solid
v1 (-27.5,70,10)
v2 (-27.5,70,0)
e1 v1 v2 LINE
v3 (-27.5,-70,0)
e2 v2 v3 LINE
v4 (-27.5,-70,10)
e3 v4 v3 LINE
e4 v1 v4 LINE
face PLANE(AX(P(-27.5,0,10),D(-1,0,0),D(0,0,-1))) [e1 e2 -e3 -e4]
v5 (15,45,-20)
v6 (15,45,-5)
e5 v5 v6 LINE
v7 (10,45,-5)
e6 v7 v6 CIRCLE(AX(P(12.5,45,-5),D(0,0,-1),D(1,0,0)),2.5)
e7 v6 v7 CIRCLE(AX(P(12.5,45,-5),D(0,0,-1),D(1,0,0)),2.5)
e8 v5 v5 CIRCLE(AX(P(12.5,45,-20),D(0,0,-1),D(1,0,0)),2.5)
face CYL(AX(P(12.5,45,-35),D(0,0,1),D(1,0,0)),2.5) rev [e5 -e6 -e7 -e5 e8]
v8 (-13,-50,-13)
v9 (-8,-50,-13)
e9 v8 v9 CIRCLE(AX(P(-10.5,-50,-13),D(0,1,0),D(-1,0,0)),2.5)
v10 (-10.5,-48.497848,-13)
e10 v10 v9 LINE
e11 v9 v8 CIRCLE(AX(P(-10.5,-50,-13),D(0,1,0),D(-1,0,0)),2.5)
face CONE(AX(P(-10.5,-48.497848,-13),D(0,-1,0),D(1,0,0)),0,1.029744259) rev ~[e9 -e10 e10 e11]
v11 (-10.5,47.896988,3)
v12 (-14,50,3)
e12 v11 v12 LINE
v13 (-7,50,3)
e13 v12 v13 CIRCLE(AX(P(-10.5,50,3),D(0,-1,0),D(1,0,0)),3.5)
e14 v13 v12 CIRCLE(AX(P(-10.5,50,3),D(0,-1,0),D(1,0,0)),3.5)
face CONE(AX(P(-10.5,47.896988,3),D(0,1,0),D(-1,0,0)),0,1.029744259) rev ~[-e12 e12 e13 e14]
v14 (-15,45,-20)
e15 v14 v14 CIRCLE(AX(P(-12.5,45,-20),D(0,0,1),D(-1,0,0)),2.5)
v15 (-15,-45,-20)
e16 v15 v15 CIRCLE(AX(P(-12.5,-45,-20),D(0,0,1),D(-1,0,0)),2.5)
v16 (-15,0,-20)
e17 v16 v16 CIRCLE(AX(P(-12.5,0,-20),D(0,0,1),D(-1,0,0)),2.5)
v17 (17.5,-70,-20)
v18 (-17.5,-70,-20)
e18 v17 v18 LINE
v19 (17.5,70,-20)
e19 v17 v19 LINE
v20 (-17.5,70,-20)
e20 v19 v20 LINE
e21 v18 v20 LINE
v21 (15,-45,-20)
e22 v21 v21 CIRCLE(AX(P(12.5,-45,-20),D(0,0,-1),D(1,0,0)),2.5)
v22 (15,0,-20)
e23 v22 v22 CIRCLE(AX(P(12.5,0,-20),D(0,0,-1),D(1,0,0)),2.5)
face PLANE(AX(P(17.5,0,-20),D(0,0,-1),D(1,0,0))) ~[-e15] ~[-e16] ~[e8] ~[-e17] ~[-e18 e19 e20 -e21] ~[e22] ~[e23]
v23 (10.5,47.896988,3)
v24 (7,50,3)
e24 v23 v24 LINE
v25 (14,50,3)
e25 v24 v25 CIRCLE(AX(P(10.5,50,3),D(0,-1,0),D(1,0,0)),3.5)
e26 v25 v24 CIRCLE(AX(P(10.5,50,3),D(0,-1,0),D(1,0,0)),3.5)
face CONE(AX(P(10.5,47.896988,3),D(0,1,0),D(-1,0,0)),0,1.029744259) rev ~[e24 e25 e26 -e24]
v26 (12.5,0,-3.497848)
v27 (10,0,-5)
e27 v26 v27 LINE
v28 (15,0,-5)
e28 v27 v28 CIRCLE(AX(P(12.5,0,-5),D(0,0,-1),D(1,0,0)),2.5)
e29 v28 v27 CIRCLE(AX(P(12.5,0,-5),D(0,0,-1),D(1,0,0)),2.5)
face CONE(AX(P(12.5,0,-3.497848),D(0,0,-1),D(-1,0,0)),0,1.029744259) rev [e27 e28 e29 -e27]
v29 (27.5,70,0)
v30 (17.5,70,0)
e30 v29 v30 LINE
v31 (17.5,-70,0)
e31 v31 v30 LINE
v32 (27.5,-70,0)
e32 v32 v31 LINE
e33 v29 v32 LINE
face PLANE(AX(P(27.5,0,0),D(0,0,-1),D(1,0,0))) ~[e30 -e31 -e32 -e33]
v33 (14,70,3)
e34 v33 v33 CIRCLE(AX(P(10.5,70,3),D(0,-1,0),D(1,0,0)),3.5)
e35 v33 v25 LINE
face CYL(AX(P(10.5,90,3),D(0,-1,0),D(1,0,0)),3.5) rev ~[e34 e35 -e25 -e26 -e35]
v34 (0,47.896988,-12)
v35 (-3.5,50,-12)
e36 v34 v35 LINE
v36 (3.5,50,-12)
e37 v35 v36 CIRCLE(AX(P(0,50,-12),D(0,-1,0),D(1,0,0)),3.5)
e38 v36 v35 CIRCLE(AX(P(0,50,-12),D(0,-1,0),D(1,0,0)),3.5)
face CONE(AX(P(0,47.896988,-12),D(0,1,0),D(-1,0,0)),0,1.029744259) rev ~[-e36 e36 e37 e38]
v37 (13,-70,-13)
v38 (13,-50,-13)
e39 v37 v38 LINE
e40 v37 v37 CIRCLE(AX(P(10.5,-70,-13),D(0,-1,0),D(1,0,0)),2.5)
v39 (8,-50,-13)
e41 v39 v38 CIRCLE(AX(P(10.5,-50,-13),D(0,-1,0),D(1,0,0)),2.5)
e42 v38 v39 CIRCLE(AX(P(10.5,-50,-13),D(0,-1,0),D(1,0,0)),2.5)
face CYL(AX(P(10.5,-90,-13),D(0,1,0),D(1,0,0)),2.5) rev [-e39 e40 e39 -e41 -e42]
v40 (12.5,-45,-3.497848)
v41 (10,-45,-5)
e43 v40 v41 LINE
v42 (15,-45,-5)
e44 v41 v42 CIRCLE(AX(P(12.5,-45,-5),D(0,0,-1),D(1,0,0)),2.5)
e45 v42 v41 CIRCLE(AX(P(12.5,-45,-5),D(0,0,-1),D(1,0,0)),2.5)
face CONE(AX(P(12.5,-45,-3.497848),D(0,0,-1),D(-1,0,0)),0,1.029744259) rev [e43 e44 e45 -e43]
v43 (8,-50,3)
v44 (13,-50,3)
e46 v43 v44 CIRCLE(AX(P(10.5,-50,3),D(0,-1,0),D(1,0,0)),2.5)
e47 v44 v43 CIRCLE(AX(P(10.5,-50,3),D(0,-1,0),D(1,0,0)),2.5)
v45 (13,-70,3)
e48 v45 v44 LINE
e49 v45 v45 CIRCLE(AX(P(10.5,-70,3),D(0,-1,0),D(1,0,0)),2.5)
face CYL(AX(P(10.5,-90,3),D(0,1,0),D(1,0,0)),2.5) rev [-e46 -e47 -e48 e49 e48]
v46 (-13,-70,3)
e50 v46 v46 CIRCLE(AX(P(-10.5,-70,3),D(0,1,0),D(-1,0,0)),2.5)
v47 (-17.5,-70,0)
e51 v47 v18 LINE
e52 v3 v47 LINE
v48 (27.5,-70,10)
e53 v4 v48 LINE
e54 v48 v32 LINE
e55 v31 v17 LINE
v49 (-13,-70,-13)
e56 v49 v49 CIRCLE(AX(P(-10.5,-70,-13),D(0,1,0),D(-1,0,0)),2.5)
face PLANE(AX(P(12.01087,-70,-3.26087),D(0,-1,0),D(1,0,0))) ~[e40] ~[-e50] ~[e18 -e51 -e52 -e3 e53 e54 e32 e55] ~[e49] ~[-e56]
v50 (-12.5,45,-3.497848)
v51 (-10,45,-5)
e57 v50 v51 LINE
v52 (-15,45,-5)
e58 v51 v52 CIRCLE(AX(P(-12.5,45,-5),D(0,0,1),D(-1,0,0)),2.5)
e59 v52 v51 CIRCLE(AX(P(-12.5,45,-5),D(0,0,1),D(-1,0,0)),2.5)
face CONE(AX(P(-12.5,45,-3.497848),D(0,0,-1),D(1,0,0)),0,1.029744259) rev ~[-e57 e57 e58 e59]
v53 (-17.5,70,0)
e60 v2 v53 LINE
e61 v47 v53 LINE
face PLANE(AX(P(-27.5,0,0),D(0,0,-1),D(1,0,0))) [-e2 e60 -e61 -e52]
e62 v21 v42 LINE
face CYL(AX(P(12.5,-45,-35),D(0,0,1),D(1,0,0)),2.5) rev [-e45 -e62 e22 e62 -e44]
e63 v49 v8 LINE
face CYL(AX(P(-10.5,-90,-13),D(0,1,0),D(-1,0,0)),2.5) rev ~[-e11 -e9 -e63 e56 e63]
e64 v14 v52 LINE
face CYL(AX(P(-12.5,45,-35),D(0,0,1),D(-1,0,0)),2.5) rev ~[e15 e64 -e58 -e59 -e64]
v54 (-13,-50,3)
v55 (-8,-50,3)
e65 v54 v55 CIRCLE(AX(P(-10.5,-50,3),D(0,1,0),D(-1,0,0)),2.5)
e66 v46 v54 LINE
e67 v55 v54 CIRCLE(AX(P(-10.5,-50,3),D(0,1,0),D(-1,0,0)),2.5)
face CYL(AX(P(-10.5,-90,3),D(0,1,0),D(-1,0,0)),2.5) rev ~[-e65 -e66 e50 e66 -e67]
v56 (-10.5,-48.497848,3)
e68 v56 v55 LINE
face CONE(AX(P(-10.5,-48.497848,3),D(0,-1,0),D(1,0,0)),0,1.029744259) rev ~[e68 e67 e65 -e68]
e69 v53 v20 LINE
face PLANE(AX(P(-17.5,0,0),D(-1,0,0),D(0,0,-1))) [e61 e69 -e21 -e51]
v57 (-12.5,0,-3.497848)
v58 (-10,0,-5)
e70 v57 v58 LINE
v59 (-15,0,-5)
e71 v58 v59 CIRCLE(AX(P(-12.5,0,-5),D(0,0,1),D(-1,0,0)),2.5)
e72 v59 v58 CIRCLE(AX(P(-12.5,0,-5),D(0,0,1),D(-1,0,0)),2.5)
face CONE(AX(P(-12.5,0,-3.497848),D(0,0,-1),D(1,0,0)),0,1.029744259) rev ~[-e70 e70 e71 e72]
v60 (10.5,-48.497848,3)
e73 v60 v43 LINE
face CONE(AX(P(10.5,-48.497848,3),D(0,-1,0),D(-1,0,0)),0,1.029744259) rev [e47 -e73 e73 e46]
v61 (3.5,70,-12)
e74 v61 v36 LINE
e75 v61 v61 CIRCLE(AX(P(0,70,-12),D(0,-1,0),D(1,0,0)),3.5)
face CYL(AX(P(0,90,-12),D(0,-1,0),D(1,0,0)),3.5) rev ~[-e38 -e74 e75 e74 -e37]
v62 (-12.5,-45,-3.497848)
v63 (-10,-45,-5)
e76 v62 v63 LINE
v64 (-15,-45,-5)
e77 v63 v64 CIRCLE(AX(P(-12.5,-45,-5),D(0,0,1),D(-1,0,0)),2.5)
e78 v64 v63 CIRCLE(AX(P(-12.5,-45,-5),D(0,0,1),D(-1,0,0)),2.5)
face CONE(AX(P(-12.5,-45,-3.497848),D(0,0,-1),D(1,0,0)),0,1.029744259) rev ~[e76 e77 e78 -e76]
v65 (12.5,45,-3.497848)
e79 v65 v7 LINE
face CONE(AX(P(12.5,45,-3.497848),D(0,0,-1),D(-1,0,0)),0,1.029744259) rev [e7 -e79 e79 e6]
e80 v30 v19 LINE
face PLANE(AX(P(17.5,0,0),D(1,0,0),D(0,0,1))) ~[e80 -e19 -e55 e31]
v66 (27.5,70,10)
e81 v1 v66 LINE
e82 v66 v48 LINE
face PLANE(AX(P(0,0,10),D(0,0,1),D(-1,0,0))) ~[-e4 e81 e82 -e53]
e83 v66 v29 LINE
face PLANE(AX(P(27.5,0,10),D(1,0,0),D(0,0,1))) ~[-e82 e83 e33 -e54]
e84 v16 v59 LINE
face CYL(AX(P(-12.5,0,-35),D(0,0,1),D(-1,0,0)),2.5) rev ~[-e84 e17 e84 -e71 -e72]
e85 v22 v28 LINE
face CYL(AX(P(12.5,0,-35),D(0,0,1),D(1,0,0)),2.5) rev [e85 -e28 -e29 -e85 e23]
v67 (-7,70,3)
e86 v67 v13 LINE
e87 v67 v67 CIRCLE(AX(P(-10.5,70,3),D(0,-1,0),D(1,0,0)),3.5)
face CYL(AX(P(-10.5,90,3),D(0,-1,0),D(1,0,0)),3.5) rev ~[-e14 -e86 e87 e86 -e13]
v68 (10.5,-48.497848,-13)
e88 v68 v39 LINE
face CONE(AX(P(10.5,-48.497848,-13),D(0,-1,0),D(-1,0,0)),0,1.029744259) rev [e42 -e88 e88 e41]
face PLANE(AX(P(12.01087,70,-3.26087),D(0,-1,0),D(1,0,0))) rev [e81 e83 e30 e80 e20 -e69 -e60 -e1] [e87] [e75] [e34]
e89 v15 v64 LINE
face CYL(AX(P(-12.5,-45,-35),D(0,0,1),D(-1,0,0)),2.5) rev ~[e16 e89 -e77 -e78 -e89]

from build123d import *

# Parameters (mm, degrees)
F1_DEPTH = 70
F3_D     = 5
F3_DEPTH = 20
F3_TIP   = 1.5021515476
F5_D     = 5
F5_DEPTH = 15
F5_TIP   = 1.5021515476
F8_D     = 7
F8_DEPTH = 20
F8_TIP   = 2.1030121666


with BuildPart() as f1:
    # F0 (on Front) → F1 (new body, symmetric)
    with BuildSketch(Plane.XZ):
        Polygon((0, -20), (0, 10), (-27.5, 10), (-27.5, 0), (-17.5, 0), (-17.5, -20), align=None)
    extrude(amount=F1_DEPTH, both=True)

    # F3
    with Locations(Plane.XZ.offset(70)):
        with Locations((-10.5, 3), (-10.5, -13)):
            Hole(F3_D / 2, depth=F3_DEPTH)
            with Locations((0, 0, -(F3_DEPTH + F3_TIP / 2))):  # 118° drill point
                Cone(0, F3_D / 2, F3_TIP, mode=Mode.SUBTRACT)

    # F5
    with Locations(Plane(origin=(0, 0, -20), x_dir=(1, 0, 0), z_dir=(0, 0, -1))):
        with Locations((-12.5, 45), (-12.5, 0), (-12.5, -45)):
            Hole(F5_D / 2, depth=F5_DEPTH)
            with Locations((0, 0, -(F5_DEPTH + F5_TIP / 2))):  # 118° drill point
                Cone(0, F5_D / 2, F5_TIP, mode=Mode.SUBTRACT)

    # F6: F1 across plane


with BuildPart() as f1_1:
    add(f1.part)
    add(f1.part.mirror(Plane.YZ))

    # F8
    with Locations(Plane(origin=(0, 70, 0), x_dir=(-1, 0, 0), z_dir=(0, 1, 0))):
        with Locations((-10.5, 3), (10.5, 3), (0, -12)):
            Hole(F8_D / 2, depth=F8_DEPTH)
            with Locations((0, 0, -(F8_DEPTH + F8_TIP / 2))):  # 118° drill point
                Cone(0, F8_D / 2, F8_TIP, mode=Mode.SUBTRACT)


solid = f1_1.part
